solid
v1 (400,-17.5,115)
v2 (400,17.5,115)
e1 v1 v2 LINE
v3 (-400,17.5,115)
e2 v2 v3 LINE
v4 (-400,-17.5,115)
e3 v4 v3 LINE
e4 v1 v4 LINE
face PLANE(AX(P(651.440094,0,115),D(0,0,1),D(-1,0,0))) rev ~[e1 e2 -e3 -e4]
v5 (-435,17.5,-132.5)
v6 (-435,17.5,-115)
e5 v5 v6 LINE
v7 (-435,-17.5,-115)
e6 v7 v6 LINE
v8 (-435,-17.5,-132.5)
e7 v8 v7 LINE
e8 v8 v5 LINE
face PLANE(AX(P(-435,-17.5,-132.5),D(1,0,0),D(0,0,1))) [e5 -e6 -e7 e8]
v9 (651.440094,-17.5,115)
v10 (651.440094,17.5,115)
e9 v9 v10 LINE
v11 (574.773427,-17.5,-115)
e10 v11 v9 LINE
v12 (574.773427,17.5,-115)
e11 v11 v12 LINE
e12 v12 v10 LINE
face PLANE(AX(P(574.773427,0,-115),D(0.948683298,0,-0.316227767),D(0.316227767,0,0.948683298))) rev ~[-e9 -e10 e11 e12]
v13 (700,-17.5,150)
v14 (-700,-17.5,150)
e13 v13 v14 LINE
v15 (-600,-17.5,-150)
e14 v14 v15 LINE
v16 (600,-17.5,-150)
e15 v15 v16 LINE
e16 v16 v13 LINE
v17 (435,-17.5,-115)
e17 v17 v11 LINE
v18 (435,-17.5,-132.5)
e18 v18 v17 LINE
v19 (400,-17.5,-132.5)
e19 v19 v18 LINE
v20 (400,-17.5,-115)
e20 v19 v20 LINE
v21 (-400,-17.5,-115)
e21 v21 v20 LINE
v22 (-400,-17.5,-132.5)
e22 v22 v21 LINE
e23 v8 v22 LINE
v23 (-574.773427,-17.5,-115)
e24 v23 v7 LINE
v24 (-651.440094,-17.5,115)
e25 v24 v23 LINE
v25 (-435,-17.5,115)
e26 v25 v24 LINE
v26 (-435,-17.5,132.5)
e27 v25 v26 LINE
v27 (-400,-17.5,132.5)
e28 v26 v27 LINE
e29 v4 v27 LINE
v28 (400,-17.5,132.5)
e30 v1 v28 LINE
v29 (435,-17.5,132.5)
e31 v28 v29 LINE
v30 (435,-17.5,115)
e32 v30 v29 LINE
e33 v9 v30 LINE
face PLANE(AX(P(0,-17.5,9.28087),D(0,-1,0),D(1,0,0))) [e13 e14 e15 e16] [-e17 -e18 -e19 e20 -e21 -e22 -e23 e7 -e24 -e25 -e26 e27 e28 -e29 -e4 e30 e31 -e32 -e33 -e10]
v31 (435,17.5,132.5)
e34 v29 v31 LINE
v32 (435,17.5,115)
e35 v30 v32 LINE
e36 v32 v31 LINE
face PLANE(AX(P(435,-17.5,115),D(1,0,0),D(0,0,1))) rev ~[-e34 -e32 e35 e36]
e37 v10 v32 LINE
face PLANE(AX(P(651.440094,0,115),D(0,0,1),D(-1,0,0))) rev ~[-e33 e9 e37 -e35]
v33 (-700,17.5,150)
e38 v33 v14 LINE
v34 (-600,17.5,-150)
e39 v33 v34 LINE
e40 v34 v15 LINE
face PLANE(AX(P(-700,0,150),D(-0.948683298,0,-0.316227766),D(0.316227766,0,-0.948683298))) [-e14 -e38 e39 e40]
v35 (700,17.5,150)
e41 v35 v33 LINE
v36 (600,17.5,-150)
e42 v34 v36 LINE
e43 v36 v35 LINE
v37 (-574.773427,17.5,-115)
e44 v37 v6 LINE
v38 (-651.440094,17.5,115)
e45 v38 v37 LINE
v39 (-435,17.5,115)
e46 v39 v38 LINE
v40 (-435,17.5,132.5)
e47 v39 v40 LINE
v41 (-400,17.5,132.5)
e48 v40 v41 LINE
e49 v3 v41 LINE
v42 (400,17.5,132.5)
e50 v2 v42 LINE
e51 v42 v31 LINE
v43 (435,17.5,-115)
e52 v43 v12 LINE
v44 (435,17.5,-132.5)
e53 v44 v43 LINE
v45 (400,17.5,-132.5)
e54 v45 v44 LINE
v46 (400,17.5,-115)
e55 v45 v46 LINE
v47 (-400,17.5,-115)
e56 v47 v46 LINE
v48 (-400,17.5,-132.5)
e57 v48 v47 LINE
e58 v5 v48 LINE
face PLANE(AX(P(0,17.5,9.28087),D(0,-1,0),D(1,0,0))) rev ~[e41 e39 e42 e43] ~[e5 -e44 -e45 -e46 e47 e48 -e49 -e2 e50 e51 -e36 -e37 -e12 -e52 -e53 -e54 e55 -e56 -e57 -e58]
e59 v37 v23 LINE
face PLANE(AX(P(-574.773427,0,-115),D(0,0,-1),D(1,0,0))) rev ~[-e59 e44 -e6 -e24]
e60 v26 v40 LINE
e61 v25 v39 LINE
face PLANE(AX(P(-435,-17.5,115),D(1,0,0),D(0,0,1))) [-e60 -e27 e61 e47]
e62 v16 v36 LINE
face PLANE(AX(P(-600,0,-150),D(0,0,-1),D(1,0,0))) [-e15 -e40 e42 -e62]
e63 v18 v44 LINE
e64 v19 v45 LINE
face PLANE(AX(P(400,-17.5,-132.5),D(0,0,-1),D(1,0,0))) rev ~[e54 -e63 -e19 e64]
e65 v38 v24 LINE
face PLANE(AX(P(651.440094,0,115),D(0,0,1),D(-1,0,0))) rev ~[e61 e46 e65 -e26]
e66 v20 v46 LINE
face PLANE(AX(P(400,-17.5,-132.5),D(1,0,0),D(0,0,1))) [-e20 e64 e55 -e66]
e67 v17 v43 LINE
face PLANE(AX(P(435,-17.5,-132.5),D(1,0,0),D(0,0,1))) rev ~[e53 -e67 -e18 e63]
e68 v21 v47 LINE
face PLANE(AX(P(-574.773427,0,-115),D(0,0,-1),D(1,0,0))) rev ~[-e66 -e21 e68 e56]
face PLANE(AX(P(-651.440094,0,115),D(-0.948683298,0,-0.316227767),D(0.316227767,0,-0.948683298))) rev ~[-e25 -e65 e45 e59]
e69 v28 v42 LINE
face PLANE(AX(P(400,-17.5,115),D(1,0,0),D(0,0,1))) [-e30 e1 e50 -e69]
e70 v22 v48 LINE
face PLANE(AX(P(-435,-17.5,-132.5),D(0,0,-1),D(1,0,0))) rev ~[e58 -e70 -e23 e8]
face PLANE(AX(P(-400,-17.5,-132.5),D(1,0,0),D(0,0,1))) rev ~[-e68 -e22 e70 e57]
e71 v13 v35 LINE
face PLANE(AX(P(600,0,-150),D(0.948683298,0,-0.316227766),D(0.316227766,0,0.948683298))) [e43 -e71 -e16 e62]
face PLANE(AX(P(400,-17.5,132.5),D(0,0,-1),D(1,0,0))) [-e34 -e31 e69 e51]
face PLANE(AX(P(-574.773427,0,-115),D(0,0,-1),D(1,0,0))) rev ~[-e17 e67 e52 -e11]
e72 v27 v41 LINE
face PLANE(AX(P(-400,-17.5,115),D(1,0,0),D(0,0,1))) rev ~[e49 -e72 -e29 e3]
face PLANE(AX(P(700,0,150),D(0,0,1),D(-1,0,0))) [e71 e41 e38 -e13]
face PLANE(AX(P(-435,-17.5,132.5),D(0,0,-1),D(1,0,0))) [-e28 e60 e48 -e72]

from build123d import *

# Parameters (mm, degrees)
F2_DEPTH  = 17.5
F3_DEPTH  = 17.5
F4_W      = 35
F4_H      = 17.5
F5_DEPTH  = 35
F6_W      = 35
F6_H      = 17.5
F7_DEPTH  = 35
F8_W      = 35
F8_H      = 17.5
F9_DEPTH  = 35
F10_W     = 35
F10_H     = 17.5
F11_DEPTH = 35


with BuildPart() as f2:
    # F0 (on Front) → F2 (new body, symmetric)
    with BuildSketch(Plane.XZ):
        Polygon((700, 150), (-700, 150), (-600, -150), (600, -150), align=None)
    extrude(amount=F2_DEPTH, both=True)

    # F1 (on face) → F3 (cut, symmetric)
    with BuildSketch(Plane.XZ):
        Polygon((651.440094, 115), (-651.440094, 115), (-574.773427, -115), (574.773427, -115), align=None)
    extrude(amount=F3_DEPTH, both=True, mode=Mode.SUBTRACT)

    # F4 (on face) → F5 (cut)
    with BuildSketch(Plane.XZ.offset(17.5)):
        with Locations((-417.5, -123.75)):
            Rectangle(F4_W, F4_H)
    extrude(amount=-F5_DEPTH, mode=Mode.SUBTRACT)

    # F6 (on face) → F7 (cut)
    with BuildSketch(Plane.XZ.offset(17.5)):
        with Locations((417.5, -123.75)):
            Rectangle(F6_W, F6_H)
    extrude(amount=-F7_DEPTH, mode=Mode.SUBTRACT)

    # F8 (on face) → F9 (cut)
    with BuildSketch(Plane.XZ.offset(17.5)):
        with Locations((-417.5, 123.75)):
            Rectangle(F8_W, F8_H)
    extrude(amount=-F9_DEPTH, mode=Mode.SUBTRACT)

    # F10 (on face) → F11 (cut)
    with BuildSketch(Plane.XZ.offset(17.5)):
        with Locations((417.5, 123.75)):
            Rectangle(F10_W, F10_H)
    extrude(amount=-F11_DEPTH, mode=Mode.SUBTRACT)


solid = f2.part
